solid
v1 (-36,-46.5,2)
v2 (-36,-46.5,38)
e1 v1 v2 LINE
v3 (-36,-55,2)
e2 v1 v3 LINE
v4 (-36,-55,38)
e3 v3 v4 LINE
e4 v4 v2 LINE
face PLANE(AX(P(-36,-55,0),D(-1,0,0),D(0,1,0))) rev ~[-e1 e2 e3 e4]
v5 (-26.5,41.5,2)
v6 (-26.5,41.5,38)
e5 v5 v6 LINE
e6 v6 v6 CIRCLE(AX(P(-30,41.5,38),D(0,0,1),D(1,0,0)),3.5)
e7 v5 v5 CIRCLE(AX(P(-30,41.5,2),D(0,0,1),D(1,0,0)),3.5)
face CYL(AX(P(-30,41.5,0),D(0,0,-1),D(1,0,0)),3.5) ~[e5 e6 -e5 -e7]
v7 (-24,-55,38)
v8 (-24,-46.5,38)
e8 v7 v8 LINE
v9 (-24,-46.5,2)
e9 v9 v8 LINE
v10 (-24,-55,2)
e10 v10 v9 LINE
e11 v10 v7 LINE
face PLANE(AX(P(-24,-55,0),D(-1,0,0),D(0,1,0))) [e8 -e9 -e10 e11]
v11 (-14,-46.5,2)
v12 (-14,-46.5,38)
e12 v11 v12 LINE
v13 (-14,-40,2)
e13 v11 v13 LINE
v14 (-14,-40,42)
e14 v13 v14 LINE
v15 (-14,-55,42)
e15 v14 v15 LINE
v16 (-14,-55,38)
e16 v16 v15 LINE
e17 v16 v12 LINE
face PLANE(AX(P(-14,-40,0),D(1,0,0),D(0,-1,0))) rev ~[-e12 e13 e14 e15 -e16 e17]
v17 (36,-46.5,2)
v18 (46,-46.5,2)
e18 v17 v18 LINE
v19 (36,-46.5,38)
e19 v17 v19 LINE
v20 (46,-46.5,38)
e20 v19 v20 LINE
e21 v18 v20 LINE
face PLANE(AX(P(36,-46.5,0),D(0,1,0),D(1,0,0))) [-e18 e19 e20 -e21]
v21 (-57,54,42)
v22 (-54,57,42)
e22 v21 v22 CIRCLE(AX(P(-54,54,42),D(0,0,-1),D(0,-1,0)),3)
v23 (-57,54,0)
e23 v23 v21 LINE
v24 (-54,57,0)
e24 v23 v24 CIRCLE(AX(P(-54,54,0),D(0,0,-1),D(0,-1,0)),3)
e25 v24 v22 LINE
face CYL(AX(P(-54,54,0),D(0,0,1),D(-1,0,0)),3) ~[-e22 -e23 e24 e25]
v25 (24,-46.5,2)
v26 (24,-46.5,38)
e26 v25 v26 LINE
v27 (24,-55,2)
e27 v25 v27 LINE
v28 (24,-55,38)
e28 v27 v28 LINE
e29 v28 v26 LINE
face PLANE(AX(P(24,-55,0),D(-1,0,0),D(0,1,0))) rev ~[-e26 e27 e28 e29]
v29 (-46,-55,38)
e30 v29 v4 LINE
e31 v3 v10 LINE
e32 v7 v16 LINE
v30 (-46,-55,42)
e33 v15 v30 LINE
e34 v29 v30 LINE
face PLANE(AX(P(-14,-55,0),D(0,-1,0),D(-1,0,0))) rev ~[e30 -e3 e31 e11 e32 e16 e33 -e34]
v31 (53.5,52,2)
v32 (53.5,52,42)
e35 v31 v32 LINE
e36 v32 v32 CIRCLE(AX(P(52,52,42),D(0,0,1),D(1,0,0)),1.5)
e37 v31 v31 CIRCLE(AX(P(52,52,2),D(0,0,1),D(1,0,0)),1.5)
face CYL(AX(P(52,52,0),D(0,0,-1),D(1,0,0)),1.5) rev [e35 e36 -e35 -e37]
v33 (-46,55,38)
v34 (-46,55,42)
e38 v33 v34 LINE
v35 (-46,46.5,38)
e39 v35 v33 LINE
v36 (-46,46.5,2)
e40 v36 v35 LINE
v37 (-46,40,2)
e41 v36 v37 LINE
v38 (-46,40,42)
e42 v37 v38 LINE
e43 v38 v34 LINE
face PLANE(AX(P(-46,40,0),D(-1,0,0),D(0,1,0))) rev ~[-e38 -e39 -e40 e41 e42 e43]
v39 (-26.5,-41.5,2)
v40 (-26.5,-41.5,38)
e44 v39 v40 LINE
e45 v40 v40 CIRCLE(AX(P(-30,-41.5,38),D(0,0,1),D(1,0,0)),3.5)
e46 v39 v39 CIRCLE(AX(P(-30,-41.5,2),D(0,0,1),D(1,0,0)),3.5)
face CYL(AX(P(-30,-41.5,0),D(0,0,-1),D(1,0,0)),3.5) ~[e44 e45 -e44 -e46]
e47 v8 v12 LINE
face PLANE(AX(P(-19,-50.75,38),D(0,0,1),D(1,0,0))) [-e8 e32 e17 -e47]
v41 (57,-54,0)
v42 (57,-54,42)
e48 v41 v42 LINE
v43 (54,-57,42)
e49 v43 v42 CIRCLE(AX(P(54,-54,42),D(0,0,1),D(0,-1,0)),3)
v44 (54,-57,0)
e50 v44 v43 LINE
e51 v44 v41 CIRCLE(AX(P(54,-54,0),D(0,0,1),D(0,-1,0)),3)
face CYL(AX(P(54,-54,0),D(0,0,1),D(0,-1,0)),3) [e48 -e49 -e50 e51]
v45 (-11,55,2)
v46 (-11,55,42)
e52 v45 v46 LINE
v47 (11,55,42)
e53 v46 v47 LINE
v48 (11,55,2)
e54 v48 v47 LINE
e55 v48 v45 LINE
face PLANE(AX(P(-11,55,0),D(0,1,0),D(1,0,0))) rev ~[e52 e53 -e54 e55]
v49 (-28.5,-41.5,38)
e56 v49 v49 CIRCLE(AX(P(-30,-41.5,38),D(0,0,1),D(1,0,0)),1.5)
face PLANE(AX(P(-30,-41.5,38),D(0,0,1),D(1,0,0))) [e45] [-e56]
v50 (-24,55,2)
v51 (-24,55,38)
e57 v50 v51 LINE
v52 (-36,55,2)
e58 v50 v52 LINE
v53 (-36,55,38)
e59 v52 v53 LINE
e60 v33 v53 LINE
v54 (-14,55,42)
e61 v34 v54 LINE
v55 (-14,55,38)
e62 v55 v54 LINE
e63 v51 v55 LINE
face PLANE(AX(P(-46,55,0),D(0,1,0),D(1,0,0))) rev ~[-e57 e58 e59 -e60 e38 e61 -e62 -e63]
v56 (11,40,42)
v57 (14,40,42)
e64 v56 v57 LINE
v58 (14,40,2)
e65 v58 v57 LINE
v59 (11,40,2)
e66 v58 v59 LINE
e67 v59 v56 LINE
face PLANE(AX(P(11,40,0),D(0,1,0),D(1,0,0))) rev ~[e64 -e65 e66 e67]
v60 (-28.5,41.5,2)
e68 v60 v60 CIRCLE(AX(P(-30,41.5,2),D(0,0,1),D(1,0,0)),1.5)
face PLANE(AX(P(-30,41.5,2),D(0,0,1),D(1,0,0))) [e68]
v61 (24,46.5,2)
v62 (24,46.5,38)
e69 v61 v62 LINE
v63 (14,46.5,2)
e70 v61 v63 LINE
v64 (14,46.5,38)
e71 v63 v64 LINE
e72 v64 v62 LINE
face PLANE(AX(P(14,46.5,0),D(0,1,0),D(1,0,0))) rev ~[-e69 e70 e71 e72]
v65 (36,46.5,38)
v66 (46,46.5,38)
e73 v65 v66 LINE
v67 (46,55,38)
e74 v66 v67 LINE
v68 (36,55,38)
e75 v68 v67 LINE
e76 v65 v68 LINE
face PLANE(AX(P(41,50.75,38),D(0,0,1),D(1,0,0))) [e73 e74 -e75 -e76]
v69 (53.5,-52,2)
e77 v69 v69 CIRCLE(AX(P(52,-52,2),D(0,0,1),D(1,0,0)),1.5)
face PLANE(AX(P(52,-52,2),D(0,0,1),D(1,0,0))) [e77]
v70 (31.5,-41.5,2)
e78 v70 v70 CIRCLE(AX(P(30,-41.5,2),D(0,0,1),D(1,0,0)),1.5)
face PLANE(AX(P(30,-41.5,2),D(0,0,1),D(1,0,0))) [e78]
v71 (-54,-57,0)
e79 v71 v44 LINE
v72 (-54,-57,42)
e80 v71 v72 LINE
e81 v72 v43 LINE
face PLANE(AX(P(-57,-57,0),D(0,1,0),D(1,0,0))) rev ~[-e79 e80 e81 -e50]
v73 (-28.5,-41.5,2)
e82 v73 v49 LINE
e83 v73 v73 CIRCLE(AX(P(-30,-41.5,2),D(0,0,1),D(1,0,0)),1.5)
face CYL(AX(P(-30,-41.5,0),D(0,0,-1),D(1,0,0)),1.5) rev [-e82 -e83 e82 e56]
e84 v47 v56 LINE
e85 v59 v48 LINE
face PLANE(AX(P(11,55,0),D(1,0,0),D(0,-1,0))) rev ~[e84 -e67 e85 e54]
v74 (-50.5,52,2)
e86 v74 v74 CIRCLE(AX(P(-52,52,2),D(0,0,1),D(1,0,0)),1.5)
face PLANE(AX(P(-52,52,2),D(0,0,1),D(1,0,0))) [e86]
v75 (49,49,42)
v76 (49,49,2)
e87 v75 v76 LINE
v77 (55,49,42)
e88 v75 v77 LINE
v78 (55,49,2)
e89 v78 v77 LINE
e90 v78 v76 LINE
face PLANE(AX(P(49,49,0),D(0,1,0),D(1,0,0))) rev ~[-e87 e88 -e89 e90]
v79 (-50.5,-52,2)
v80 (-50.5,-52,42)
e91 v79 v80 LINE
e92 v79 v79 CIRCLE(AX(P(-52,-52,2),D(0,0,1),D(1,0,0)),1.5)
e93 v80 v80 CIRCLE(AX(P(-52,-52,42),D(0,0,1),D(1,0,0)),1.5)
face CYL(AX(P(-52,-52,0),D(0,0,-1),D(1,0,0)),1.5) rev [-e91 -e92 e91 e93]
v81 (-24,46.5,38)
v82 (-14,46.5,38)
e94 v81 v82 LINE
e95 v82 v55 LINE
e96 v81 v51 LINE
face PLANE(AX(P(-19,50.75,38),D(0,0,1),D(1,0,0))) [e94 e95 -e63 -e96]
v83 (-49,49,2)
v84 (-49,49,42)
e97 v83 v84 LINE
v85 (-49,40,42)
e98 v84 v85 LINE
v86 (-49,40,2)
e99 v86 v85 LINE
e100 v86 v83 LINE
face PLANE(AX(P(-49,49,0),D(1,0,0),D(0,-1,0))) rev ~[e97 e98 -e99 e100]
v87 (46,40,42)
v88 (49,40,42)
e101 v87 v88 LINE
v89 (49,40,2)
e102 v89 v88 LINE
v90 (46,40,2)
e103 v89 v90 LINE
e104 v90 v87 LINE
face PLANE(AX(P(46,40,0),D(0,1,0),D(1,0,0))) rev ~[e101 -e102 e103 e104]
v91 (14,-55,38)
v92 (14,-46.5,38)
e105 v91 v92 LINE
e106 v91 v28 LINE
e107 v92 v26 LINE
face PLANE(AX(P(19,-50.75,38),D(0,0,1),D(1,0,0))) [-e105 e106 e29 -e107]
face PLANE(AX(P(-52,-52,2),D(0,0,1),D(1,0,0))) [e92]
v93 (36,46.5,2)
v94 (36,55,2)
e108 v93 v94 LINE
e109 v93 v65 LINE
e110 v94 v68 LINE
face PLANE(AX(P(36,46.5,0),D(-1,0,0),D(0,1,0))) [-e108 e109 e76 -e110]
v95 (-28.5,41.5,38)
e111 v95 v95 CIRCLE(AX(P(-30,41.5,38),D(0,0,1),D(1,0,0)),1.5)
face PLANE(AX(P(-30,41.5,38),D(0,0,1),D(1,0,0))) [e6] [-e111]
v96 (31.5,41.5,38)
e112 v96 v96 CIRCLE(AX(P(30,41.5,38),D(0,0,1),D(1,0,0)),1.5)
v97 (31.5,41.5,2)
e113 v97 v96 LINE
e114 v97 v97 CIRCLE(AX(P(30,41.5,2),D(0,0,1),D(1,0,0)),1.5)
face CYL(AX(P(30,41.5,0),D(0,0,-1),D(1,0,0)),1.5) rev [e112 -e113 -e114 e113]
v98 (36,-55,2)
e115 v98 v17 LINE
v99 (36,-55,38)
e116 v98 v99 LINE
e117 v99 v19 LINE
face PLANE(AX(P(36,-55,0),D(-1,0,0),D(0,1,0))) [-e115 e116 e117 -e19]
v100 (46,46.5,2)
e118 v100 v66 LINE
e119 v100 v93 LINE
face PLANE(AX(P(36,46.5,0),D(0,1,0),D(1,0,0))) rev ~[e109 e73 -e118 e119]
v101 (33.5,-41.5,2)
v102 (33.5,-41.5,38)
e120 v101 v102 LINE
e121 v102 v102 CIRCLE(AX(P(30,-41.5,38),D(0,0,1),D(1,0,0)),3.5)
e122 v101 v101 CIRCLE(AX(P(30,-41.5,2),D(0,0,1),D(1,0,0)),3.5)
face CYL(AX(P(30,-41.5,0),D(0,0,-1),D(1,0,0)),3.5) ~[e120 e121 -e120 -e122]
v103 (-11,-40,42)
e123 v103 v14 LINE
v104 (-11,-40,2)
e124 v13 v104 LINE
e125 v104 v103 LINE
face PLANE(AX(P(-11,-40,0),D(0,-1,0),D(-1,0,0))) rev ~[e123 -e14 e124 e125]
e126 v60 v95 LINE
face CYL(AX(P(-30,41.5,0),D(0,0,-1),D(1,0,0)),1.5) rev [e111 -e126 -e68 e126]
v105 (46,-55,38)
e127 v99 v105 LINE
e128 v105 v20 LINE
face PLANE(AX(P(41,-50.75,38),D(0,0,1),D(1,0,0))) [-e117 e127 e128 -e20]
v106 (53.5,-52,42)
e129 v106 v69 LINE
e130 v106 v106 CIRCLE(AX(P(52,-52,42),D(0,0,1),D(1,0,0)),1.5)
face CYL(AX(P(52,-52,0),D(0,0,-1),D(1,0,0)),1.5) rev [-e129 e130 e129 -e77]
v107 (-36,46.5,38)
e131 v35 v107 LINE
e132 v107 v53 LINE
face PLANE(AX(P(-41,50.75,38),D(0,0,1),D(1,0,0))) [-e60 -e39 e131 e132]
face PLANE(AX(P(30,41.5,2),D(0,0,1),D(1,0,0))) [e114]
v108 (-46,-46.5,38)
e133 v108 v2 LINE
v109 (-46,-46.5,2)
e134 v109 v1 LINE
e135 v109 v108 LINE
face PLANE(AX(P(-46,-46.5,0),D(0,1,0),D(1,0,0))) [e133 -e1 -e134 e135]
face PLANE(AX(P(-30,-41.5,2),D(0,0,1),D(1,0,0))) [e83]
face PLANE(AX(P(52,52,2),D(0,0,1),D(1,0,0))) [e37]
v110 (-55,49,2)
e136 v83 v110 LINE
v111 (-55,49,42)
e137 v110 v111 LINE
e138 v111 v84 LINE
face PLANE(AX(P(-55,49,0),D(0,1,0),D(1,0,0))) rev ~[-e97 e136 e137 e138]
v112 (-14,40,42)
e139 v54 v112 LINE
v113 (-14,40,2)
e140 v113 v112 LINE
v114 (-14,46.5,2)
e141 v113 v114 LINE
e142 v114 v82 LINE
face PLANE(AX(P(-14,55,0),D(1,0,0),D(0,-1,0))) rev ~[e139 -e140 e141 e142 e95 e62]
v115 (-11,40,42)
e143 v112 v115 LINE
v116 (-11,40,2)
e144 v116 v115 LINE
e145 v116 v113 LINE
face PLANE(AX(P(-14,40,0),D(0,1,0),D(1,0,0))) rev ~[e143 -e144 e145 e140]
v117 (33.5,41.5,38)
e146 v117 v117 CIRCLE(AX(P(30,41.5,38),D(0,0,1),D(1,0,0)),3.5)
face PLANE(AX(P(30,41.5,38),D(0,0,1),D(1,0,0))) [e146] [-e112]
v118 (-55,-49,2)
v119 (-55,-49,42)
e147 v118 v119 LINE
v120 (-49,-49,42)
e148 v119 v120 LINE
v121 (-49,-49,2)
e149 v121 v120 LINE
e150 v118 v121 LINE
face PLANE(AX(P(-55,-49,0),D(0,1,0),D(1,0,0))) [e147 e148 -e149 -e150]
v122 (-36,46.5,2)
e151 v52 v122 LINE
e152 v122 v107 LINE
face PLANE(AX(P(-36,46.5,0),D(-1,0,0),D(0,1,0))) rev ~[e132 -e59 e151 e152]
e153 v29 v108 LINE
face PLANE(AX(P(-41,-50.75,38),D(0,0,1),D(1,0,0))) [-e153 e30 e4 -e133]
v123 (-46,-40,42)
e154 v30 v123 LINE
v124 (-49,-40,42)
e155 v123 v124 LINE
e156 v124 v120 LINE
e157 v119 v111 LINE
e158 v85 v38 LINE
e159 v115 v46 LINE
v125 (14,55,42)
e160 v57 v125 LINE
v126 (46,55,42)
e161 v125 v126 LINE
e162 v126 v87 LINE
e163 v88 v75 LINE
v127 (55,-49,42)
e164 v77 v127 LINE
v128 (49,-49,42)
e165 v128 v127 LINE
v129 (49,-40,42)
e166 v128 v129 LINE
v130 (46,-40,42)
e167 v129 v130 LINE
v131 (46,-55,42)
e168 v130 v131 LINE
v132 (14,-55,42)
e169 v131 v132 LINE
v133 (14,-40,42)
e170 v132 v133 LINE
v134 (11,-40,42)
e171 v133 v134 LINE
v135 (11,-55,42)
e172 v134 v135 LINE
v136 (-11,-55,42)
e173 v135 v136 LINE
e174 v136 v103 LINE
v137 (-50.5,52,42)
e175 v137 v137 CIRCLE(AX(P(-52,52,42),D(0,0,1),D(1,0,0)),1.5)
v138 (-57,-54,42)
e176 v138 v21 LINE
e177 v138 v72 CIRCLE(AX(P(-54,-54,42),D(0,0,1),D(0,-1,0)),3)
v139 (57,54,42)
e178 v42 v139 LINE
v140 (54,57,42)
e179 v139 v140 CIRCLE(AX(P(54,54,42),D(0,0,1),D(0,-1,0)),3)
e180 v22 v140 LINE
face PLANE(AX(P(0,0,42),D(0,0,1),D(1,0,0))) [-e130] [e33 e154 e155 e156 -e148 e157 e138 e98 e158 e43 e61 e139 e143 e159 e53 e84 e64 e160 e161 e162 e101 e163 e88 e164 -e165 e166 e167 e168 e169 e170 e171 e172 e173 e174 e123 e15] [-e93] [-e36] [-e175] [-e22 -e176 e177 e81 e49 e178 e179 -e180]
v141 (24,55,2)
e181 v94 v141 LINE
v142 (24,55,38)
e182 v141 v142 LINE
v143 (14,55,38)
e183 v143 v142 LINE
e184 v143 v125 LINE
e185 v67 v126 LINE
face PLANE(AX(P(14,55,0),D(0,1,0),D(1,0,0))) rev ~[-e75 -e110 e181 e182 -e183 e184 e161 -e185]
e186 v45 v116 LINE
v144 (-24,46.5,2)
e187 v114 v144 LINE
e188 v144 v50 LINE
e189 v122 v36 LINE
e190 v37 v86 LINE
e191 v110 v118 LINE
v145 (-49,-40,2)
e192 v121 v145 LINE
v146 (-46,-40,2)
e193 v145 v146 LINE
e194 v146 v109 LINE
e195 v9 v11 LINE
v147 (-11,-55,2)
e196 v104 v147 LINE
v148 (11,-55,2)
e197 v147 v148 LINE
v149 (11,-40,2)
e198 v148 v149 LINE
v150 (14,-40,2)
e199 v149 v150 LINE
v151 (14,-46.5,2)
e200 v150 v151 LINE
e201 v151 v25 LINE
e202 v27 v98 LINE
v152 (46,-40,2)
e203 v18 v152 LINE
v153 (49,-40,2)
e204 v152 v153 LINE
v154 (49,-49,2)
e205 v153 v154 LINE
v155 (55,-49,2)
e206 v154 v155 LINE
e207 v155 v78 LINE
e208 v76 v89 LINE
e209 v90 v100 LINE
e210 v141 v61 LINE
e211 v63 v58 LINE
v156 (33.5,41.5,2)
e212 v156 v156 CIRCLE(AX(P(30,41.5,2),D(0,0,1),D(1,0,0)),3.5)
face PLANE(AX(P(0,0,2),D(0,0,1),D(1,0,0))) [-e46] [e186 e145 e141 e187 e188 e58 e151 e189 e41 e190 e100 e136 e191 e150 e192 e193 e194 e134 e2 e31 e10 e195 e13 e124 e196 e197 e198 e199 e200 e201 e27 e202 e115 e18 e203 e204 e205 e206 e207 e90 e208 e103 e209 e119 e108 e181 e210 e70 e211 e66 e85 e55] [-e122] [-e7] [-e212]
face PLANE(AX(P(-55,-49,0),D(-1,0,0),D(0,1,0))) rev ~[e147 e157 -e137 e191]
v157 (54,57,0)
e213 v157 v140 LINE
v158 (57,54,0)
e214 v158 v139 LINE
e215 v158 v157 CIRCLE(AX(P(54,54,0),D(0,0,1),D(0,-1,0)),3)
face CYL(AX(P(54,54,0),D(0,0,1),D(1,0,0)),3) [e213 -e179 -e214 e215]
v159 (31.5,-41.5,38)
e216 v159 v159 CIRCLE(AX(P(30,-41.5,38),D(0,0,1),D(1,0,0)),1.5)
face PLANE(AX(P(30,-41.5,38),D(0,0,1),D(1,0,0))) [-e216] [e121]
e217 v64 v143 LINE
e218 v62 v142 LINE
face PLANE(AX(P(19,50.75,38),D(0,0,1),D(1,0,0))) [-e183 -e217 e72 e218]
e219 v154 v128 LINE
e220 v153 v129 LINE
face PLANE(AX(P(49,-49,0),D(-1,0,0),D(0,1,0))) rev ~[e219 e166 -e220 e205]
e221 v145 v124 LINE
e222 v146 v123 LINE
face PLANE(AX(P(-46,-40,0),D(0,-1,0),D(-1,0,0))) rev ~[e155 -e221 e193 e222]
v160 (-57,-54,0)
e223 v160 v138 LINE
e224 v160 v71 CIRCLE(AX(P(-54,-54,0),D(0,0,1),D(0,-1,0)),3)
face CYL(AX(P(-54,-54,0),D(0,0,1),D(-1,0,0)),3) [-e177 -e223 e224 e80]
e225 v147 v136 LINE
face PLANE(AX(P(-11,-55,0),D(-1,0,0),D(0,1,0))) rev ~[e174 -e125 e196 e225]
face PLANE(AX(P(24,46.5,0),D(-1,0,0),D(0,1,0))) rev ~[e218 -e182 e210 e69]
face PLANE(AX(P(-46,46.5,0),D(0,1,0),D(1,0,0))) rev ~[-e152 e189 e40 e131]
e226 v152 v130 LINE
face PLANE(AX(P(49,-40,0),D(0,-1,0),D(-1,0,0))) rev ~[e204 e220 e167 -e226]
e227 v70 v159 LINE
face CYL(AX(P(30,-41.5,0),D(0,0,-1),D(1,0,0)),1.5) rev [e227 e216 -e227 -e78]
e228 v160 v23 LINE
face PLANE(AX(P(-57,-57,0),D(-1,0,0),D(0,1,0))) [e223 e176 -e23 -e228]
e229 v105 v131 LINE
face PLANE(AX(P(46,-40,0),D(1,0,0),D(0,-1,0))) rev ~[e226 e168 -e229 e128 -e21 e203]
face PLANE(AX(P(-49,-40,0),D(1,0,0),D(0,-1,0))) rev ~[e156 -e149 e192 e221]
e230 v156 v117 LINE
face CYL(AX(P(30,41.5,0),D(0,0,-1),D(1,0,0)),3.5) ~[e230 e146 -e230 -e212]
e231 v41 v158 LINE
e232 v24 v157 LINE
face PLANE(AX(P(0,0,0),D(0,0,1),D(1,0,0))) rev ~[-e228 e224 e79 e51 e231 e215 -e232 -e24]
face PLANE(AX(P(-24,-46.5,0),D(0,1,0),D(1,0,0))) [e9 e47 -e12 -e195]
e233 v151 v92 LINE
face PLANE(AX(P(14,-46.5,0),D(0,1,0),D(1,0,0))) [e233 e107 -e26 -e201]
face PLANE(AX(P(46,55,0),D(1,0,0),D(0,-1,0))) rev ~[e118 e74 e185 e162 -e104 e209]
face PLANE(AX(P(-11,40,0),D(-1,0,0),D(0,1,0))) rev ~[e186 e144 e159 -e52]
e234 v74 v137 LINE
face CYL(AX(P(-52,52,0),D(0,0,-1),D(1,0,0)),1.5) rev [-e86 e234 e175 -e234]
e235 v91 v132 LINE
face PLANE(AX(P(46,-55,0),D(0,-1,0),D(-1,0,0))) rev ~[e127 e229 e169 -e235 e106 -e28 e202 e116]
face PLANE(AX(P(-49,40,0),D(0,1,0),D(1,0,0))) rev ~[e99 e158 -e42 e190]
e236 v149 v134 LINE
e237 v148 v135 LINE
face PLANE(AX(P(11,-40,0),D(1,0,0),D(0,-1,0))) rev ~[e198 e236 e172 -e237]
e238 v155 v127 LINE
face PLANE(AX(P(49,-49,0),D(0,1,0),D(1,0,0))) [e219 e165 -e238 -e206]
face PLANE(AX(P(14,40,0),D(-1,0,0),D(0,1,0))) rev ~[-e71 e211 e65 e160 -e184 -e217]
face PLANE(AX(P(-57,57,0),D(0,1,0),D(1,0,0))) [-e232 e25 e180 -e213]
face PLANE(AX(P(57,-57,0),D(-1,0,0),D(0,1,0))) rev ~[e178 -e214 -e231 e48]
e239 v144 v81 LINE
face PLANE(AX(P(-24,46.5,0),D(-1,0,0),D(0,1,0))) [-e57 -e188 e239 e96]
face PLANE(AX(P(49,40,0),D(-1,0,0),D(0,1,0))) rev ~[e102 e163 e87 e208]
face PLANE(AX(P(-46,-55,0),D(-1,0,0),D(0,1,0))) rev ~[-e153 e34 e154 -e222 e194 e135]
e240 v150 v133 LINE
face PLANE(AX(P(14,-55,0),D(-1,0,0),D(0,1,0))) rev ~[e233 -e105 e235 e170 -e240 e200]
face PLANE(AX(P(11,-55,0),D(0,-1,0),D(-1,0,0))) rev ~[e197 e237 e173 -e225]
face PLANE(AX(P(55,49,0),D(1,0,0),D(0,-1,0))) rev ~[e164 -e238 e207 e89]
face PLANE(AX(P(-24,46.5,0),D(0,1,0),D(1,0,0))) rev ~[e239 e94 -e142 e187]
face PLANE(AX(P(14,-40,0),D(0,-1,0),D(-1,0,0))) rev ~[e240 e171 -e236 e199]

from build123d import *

# Parameters (mm, degrees)
F0_W     = 114
F0_H     = 114
F0_W_2   = 6
F0_H_2   = 6
F0_R     = 1.5
F1_DEPTH = 42
F0_R_2   = 3.5
F2_DEPTH = 38
F0_W_3   = 10
F0_H_3   = 8.5
F3_DEPTH = 2
F4_DEPTH = 2
F5_R     = 3


with BuildPart() as f1:
    # F0 (on Top) → F1 (new body)
    with BuildSketch(Plane.XY):
        Rectangle(F0_W, F0_H)
        Polygon((49, 55), (55, 55), (55, 49), (55, -49), (55, -55), (49, -55), (46, -55), (36, -55), (24, -55), (14, -55), (11, -55), (-11, -55), (-14, -55), (-24, -55), (-36, -55), (-46, -55), (-49, -55), (-55, -55), (-55, -49), (-55, 49), (-55, 55), (-49, 55), (-46, 55), (-36, 55), (-24, 55), (-14, 55), (-11, 55), (11, 55), (14, 55), (24, 55), (36, 55), (46, 55), align=None, mode=Mode.SUBTRACT)
        Polygon((-11, 40), (-11, 55), (-14, 55), (-14, 46.5), (-14, 40), align=None)
        Polygon((14, 46.5), (14, 55), (11, 55), (11, 40), (14, 40), align=None)
        Polygon((49, 49), (49, 55), (46, 55), (46, 46.5), (46, 40), (49, 40), align=None)
        Polygon((-46, 46.5), (-46, 55), (-49, 55), (-49, 49), (-49, 40), (-46, 40), align=None)
        Polygon((-49, -55), (-46, -55), (-46, -46.5), (-46, -40), (-49, -40), (-49, -49), align=None)
        Polygon((-14, -55), (-11, -55), (-11, -40), (-14, -40), (-14, -46.5), align=None)
        Polygon((11, -55), (14, -55), (14, -46.5), (14, -40), (11, -40), align=None)
        Polygon((49, -55), (49, -49), (49, -40), (46, -40), (46, -46.5), (46, -55), align=None)
        with Locations((-52, 52)):
            Rectangle(F0_W_2, F0_H_2)
        with Locations((-52, 52)):
            Circle(F0_R, mode=Mode.SUBTRACT)
        with Locations((52, 52)):
            Rectangle(F0_W_2, F0_H_2)
        with Locations((52, 52)):
            Circle(F0_R, mode=Mode.SUBTRACT)
        with Locations((52, -52)):
            Rectangle(F0_W_2, F0_H_2)
        with Locations((52, -52)):
            Circle(F0_R, mode=Mode.SUBTRACT)
        with Locations((-52, -52)):
            Rectangle(F0_W_2, F0_H_2)
        with Locations((-52, -52)):
            Circle(F0_R, mode=Mode.SUBTRACT)
    extrude(amount=F1_DEPTH)

    # F0 (on Top) → F2, piece 5 (join)
    with BuildSketch(Plane.XY):
        with Locations((-41, 50.75)):
            Rectangle(F0_W_3, F0_H_3)
        with Locations((-19, 50.75)):
            Rectangle(F0_W_3, F0_H_3)
        with Locations((19, 50.75)):
            Rectangle(F0_W_3, F0_H_3)
        with Locations((41, 50.75)):
            Rectangle(F0_W_3, F0_H_3)
        with Locations((-19, -50.75)):
            Rectangle(F0_W_3, F0_H_3)
        with Locations((-41, -50.75)):
            Rectangle(F0_W_3, F0_H_3)
        with Locations((19, -50.75)):
            Rectangle(F0_W_3, F0_H_3)
        with Locations((41, -50.75)):
            Rectangle(F0_W_3, F0_H_3)
    extrude(amount=F2_DEPTH)

    # F0 (on Top) → F3 (join)
    with BuildSketch(Plane.XY):
        with Locations((52, 52)):
            Rectangle(F0_W_2, F0_H_2)
        with Locations((52, 52)):
            Circle(F0_R, mode=Mode.SUBTRACT)
        with Locations((52, -52)):
            Rectangle(F0_W_2, F0_H_2)
        with Locations((52, -52)):
            Circle(F0_R, mode=Mode.SUBTRACT)
    extrude(amount=F3_DEPTH)



with BuildPart() as f2:
    # F0 (on Top) → F2 (new body)
    with BuildSketch(Plane.XY):
        with Locations((-30, 41.5)):
            Circle(F0_R_2)
        with Locations((-30, 41.5)):
            Circle(F0_R, mode=Mode.SUBTRACT)
    extrude(amount=F2_DEPTH)


with BuildPart() as f2b:
    # F0 (on Top) → F2, piece 2 (new body)
    with BuildSketch(Plane.XY):
        with Locations((30, 41.5)):
            Circle(F0_R_2)
        with Locations((30, 41.5)):
            Circle(F0_R, mode=Mode.SUBTRACT)
    extrude(amount=F2_DEPTH)


with BuildPart() as f2c:
    # F0 (on Top) → F2, piece 3 (new body)
    with BuildSketch(Plane.XY):
        with Locations((30, -41.5)):
            Circle(F0_R_2)
        with Locations((30, -41.5)):
            Circle(F0_R, mode=Mode.SUBTRACT)
    extrude(amount=F2_DEPTH)


with BuildPart() as f2d:
    # F0 (on Top) → F2, piece 4 (new body)
    with BuildSketch(Plane.XY):
        with Locations((-30, -41.5)):
            Circle(F0_R_2)
        with Locations((-30, -41.5)):
            Circle(F0_R, mode=Mode.SUBTRACT)
    extrude(amount=F2_DEPTH)


with BuildPart() as f1_1:
    add(f1.part)

    add(f2.part)  # F4 merges F2

    add(f2b.part)  # F4 merges F2b

    add(f2c.part)  # F4 merges F2c

    add(f2d.part)  # F4 merges F2d
    # F0 (on Top) → F4 (join)
    with BuildSketch(Plane.XY):
        Polygon((55, -49), (55, 49), (49, 49), (49, 40), (46, 40), (46, 46.5), (36, 46.5), (36, 55), (24, 55), (24, 46.5), (14, 46.5), (14, 40), (11, 40), (11, 55), (-11, 55), (-11, 40), (-14, 40), (-14, 46.5), (-24, 46.5), (-24, 55), (-36, 55), (-36, 46.5), (-46, 46.5), (-46, 40), (-49, 40), (-49, 49), (-55, 49), (-55, -49), (-49, -49), (-49, -40), (-46, -40), (-46, -46.5), (-36, -46.5), (-36, -55), (-24, -55), (-24, -46.5), (-14, -46.5), (-14, -40), (-11, -40), (-11, -55), (11, -55), (11, -40), (14, -40), (14, -46.5), (24, -46.5), (24, -55), (36, -55), (36, -46.5), (46, -46.5), (46, -40), (49, -40), (49, -49), align=None)
        with Locations((-30, -41.5)):
            Circle(F0_R_2, mode=Mode.SUBTRACT)
        with Locations((30, -41.5)):
            Circle(F0_R_2, mode=Mode.SUBTRACT)
        with Locations((-30, 41.5)):
            Circle(F0_R_2, mode=Mode.SUBTRACT)
        with Locations((30, 41.5)):
            Circle(F0_R_2, mode=Mode.SUBTRACT)
        with Locations((-52, 52)):
            Circle(F0_R)
        with Locations((-30, 41.5)):
            Circle(F0_R)
        with Locations((30, 41.5)):
            Circle(F0_R)
        with Locations((52, 52)):
            Circle(F0_R)
        with Locations((-52, -52)):
            Circle(F0_R)
        with Locations((-30, -41.5)):
            Circle(F0_R)
        with Locations((30, -41.5)):
            Circle(F0_R)
        with Locations((52, -52)):
            Circle(F0_R)
    extrude(amount=F4_DEPTH)

    # F5
    f5_edges = [f1_1.edges().sort_by_distance(p)[0] for p in [
        (-57, 57, 21),
        (57, 57, 21),
        (-57, -57, 21),
        (57, -57, 21),
    ]]
    fillet(f5_edges, radius=F5_R)


solid = f1_1.part
